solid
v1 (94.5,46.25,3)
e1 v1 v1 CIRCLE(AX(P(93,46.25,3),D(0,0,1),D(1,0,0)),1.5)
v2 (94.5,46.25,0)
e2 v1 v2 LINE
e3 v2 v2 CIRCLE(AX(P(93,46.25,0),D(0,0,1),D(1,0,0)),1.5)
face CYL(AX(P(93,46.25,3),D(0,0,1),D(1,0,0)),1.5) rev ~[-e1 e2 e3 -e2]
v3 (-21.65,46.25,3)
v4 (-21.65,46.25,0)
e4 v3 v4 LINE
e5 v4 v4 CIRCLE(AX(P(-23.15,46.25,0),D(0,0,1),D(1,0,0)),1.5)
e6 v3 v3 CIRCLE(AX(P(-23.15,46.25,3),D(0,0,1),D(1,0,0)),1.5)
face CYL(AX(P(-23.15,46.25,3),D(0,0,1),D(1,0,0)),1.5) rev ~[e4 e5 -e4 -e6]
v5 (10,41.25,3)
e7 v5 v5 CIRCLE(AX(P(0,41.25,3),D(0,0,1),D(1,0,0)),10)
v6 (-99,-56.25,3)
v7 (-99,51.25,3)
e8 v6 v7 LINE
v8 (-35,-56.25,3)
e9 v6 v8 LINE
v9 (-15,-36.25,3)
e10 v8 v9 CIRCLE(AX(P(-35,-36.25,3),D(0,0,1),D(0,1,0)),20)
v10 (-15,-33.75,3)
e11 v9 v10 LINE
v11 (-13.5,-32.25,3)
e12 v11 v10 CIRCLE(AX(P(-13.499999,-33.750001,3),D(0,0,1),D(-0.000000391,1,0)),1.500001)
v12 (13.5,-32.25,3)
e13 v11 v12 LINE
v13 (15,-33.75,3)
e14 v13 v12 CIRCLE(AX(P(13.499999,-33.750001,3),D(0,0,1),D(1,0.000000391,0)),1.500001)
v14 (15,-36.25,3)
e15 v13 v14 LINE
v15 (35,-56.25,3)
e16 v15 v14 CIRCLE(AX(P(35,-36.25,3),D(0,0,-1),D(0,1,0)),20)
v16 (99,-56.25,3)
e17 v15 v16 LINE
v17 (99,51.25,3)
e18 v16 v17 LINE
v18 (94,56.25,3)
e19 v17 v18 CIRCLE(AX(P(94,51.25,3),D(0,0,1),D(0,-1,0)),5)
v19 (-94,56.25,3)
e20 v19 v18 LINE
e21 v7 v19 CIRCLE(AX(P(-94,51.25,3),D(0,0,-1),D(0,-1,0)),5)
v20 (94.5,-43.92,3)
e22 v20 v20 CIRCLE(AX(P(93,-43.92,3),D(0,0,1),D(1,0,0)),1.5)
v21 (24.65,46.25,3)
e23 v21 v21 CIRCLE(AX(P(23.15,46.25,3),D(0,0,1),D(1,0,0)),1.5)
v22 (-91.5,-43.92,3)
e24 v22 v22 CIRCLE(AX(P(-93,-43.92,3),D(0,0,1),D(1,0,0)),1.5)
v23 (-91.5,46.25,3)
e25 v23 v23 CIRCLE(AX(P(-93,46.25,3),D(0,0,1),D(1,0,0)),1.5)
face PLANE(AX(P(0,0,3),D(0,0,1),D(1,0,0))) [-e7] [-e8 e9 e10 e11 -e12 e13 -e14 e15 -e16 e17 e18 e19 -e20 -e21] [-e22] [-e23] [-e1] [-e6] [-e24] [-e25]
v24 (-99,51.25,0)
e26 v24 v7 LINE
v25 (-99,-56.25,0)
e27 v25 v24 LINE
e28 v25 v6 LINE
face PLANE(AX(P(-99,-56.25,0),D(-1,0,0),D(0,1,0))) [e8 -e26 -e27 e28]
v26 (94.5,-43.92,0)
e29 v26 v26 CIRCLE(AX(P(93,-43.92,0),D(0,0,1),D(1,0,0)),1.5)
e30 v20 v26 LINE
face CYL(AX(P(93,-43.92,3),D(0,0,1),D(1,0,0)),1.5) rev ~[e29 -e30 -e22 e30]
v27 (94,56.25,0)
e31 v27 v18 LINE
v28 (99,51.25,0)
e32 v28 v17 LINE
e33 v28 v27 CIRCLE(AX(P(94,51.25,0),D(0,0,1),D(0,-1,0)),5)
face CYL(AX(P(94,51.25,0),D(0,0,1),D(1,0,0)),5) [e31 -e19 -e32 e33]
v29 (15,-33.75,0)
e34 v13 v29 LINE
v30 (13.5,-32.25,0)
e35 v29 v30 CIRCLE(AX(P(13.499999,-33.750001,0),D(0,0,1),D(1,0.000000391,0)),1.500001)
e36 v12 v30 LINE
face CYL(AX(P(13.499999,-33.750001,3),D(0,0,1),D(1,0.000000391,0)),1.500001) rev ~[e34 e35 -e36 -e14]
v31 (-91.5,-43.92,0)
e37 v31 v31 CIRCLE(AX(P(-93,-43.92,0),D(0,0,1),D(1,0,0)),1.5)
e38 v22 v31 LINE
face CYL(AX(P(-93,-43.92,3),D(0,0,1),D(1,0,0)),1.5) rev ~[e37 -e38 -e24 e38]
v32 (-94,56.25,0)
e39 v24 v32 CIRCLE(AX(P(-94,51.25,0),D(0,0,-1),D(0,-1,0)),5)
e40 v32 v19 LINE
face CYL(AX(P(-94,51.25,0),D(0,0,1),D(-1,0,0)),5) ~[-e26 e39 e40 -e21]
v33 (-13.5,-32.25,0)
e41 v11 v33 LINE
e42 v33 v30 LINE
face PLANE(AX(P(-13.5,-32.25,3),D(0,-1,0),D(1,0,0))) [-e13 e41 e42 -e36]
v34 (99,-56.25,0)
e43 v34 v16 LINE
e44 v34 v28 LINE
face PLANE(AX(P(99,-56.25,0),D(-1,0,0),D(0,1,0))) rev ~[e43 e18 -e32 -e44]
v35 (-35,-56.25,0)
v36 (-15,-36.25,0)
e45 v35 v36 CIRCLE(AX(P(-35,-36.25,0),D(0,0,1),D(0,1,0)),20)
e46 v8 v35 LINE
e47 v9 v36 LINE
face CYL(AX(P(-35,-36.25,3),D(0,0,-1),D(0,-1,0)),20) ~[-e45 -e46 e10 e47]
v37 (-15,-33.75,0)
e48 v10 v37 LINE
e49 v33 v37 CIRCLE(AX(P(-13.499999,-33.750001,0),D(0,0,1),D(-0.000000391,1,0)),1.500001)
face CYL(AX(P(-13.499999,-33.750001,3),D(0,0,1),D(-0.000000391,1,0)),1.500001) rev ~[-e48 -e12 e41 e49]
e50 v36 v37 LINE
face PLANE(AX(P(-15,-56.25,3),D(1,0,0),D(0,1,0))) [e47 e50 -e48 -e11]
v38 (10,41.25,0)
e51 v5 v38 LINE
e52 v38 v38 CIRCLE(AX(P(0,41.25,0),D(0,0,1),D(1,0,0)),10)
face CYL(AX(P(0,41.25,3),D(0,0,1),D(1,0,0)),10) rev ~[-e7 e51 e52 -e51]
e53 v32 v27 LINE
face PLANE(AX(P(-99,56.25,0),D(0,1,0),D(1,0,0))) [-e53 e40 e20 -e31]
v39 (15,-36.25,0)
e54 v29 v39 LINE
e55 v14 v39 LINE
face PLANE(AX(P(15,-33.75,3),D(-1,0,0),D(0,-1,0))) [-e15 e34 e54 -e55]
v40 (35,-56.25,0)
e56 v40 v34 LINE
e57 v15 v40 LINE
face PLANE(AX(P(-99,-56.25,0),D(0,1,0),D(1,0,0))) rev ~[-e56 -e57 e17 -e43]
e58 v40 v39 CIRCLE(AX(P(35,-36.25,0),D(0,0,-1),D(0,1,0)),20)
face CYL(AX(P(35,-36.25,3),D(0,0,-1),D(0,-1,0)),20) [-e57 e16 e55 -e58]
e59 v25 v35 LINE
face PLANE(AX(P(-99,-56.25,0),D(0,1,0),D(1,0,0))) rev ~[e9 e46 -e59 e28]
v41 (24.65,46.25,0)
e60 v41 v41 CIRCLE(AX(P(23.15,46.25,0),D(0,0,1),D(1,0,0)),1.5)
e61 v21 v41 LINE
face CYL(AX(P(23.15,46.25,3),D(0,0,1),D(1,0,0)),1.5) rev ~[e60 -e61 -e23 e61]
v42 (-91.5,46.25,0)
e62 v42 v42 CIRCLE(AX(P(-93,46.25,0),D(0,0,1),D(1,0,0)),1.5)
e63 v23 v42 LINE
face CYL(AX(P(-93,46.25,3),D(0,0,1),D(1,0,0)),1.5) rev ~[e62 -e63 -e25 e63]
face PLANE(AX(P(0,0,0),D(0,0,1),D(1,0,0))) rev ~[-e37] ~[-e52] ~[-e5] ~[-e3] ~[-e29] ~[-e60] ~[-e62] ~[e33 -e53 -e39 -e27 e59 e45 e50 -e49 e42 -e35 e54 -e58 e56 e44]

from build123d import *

# Parameters (mm, degrees)
SKETCH_W      = 198
SKETCH_H      = 112.5
PAD_DEPTH     = 3
FILLET_R      = 5
SKETCH001_R   = 1.5
SKETCH001_R_2 = 10
POCKET_DEPTH  = 3.001
FILLET001_R   = 20


with BuildPart() as part:
    # Sketch → Pad (new body)
    with BuildSketch(Plane.XY):
        Rectangle(SKETCH_W, SKETCH_H)
    extrude(amount=PAD_DEPTH)

    # Fillet
    fillet_edges = [part.edges().sort_by_distance(p)[0] for p in [
        (-99, 56.25, 1.5),
        (99, 56.25, 1.5),
    ]]
    fillet(fillet_edges, radius=FILLET_R)

    # Sketch001 (on Face5 of Fillet) → Pocket (cut, through all)
    with BuildSketch(Plane.XY.offset(3)):
        with Locations((-93, 46.25)):
            Circle(SKETCH001_R)
        with Locations((-93, -43.92)):
            Circle(SKETCH001_R)
        with Locations((93, 46.25)):
            Circle(SKETCH001_R)
        with Locations((93, -43.92)):
            Circle(SKETCH001_R)
        with Locations((-23.15, 46.25)):
            Circle(SKETCH001_R)
        with Locations((23.15, 46.25)):
            Circle(SKETCH001_R)
        with Locations((0, 41.25)):
            Circle(SKETCH001_R_2)
        with BuildLine():
            Line((-13.5, -32.25), (13.5, -32.25))
            ThreePointArc((15, -33.75), (14.56066, -32.68934), (13.5, -32.25))
            Line((15, -33.75), (15, -56.25))
            Line((15, -56.25), (-15, -56.25))
            Line((-15, -56.25), (-15, -33.75))
            ThreePointArc((-13.5, -32.25), (-14.56066, -32.68934), (-15, -33.75))
        make_face()
    extrude(amount=-POCKET_DEPTH, mode=Mode.SUBTRACT)

    # Fillet001
    fillet001_edges = [part.edges().sort_by_distance(p)[0] for p in [
        (-15, -56.25, 1.5),
        (15, -56.25, 1.5),
    ]]
    fillet(fillet001_edges, radius=FILLET001_R)


solid = part.part
